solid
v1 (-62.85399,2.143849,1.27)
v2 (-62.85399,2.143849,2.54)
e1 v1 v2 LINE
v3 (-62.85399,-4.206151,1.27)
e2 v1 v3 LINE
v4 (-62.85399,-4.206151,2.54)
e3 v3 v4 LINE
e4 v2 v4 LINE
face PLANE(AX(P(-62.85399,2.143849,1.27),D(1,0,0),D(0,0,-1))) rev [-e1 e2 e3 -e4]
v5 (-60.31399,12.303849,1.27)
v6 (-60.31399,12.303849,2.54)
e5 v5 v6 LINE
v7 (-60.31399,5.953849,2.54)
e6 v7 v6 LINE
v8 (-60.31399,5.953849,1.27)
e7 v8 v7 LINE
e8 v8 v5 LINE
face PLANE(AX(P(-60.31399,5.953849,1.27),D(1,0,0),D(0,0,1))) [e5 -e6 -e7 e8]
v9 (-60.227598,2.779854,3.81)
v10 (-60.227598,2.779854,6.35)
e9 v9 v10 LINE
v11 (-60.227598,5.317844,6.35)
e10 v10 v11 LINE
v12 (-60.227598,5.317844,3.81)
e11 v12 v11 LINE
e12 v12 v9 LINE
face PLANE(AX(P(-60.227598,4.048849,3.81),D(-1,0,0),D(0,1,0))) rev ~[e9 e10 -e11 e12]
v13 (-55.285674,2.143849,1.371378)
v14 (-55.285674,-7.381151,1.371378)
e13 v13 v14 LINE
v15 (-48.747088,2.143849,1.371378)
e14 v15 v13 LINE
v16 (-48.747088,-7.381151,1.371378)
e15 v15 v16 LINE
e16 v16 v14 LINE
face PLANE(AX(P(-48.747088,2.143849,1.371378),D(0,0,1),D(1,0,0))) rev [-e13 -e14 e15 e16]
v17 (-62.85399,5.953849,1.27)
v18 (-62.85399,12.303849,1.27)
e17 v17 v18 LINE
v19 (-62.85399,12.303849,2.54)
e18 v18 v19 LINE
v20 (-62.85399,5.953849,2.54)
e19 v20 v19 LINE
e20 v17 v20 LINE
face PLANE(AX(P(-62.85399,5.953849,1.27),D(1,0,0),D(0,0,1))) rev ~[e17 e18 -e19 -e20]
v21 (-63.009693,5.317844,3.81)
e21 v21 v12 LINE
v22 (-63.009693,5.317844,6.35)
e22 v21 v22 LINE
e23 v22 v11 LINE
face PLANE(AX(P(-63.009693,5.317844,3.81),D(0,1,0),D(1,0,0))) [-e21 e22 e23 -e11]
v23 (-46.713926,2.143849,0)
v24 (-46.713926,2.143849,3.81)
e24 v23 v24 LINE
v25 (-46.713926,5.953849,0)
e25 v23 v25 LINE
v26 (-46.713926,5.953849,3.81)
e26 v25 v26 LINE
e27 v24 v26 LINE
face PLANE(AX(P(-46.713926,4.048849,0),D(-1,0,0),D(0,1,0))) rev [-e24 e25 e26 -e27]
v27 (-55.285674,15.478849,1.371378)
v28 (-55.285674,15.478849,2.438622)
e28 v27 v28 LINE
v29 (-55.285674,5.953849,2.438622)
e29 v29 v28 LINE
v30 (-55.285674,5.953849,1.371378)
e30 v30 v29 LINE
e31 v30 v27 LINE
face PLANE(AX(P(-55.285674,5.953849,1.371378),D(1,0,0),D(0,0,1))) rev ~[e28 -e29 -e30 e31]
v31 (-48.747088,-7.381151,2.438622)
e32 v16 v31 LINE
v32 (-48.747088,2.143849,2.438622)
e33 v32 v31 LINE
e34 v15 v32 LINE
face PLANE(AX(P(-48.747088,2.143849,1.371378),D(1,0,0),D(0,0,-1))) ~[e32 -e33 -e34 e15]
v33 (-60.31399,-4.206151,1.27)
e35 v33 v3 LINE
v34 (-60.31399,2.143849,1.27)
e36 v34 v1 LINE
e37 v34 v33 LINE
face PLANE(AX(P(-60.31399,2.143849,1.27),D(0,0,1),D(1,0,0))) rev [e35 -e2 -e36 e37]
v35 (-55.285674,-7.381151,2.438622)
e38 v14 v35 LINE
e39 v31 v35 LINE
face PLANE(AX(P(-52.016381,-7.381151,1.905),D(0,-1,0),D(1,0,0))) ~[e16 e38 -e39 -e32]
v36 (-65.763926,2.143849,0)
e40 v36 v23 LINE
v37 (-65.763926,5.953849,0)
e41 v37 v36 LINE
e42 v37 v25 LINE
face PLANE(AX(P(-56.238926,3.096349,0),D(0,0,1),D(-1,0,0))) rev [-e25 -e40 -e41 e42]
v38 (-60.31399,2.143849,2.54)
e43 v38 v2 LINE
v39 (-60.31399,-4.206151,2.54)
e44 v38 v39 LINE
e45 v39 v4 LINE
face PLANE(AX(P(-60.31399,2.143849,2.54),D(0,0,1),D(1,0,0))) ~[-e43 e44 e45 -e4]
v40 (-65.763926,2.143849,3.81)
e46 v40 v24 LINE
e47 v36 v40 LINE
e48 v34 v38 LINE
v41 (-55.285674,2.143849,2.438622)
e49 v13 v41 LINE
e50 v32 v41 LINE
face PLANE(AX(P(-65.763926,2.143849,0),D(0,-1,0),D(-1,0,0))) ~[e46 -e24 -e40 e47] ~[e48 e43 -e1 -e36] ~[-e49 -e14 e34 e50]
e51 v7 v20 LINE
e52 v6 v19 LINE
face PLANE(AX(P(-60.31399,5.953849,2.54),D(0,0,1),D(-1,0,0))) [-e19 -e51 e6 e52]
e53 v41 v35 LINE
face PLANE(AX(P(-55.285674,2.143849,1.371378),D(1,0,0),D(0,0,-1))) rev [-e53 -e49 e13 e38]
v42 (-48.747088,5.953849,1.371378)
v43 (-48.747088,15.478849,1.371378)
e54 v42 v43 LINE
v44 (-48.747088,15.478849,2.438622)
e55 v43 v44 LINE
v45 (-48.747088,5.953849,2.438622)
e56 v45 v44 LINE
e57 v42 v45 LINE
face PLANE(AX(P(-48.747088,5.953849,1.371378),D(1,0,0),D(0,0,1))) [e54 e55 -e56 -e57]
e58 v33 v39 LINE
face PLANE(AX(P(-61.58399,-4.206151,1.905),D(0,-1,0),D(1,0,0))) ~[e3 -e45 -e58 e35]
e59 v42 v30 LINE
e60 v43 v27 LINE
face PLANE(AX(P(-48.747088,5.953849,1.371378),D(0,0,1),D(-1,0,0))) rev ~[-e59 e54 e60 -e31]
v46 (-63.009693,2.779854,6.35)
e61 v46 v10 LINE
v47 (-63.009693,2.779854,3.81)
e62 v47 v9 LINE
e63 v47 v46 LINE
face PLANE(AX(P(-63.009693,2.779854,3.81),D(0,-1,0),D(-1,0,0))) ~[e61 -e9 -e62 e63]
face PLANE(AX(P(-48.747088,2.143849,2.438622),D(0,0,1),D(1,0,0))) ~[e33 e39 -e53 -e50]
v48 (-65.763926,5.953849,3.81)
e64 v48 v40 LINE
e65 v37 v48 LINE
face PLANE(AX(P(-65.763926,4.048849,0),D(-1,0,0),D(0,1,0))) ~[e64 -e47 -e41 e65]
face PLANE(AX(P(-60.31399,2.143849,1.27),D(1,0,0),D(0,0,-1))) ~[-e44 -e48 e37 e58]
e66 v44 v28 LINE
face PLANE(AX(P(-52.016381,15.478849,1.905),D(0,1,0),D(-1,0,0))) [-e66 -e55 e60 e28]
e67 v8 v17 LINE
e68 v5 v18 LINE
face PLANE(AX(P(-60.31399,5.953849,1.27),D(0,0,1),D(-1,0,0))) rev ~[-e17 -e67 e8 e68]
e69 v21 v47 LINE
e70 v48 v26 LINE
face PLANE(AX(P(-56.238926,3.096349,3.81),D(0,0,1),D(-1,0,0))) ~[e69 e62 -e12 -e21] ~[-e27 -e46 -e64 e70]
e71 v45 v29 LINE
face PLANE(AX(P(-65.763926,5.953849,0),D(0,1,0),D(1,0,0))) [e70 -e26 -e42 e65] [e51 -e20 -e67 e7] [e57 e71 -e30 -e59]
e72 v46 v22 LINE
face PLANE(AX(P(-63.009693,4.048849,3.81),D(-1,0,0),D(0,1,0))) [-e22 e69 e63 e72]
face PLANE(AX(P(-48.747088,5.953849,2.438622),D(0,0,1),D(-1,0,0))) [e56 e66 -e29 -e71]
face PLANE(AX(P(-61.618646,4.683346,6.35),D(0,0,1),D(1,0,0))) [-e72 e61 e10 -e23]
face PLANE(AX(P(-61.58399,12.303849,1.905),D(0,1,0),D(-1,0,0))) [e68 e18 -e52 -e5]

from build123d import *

# Parameters (mm, degrees)
F0_W     = 19.05
F0_H     = 1.905
F1_DEPTH = 3.81
F2_W     = 6.538586
F2_H     = 1.067244
F3_DEPTH = 9.525
F4_W     = 2.54
F4_H     = 1.27
F5_DEPTH = 6.35
F6_W     = 2.782095
F6_H     = 1.268995
F7_DEPTH = 2.54


with BuildPart() as f1:
    # F0 (on Top) → F1 (new body)
    with BuildSketch(Plane.XY):
        with Locations((-56.238926, 5.001349)):
            Rectangle(F0_W, F0_H)
    extrude(amount=F1_DEPTH)

    # F2 (on face) → F3 (join)
    with BuildSketch(Plane(origin=(0, 5.953849, 0), x_dir=(-1, 0, 0), z_dir=(0, 1, 0))):
        with Locations((52.016381, 1.905)):
            Rectangle(F2_W, F2_H)
    extrude(amount=F3_DEPTH)

    # F4 (on face) → F5 (join)
    with BuildSketch(Plane(origin=(0, 5.953849, 0), x_dir=(-1, 0, 0), z_dir=(0, 1, 0))):
        with Locations((61.58399, 1.905)):
            Rectangle(F4_W, F4_H)
    extrude(amount=F5_DEPTH)

    # F6 (on face) → F7 (join)
    with BuildSketch(Plane.XY.offset(3.81)):
        with Locations((-61.618646, 4.683346)):
            Rectangle(F6_W, F6_H)
    extrude(amount=F7_DEPTH)

    # F8: F1 across face


with BuildPart() as f1_1:
    add(f1.part)
    add(f1.part.mirror(Plane(origin=(-56.716231, 4.048849, 2.186695), x_dir=(1, 0, 0), z_dir=(0, -1, 0))))


solid = f1_1.part
